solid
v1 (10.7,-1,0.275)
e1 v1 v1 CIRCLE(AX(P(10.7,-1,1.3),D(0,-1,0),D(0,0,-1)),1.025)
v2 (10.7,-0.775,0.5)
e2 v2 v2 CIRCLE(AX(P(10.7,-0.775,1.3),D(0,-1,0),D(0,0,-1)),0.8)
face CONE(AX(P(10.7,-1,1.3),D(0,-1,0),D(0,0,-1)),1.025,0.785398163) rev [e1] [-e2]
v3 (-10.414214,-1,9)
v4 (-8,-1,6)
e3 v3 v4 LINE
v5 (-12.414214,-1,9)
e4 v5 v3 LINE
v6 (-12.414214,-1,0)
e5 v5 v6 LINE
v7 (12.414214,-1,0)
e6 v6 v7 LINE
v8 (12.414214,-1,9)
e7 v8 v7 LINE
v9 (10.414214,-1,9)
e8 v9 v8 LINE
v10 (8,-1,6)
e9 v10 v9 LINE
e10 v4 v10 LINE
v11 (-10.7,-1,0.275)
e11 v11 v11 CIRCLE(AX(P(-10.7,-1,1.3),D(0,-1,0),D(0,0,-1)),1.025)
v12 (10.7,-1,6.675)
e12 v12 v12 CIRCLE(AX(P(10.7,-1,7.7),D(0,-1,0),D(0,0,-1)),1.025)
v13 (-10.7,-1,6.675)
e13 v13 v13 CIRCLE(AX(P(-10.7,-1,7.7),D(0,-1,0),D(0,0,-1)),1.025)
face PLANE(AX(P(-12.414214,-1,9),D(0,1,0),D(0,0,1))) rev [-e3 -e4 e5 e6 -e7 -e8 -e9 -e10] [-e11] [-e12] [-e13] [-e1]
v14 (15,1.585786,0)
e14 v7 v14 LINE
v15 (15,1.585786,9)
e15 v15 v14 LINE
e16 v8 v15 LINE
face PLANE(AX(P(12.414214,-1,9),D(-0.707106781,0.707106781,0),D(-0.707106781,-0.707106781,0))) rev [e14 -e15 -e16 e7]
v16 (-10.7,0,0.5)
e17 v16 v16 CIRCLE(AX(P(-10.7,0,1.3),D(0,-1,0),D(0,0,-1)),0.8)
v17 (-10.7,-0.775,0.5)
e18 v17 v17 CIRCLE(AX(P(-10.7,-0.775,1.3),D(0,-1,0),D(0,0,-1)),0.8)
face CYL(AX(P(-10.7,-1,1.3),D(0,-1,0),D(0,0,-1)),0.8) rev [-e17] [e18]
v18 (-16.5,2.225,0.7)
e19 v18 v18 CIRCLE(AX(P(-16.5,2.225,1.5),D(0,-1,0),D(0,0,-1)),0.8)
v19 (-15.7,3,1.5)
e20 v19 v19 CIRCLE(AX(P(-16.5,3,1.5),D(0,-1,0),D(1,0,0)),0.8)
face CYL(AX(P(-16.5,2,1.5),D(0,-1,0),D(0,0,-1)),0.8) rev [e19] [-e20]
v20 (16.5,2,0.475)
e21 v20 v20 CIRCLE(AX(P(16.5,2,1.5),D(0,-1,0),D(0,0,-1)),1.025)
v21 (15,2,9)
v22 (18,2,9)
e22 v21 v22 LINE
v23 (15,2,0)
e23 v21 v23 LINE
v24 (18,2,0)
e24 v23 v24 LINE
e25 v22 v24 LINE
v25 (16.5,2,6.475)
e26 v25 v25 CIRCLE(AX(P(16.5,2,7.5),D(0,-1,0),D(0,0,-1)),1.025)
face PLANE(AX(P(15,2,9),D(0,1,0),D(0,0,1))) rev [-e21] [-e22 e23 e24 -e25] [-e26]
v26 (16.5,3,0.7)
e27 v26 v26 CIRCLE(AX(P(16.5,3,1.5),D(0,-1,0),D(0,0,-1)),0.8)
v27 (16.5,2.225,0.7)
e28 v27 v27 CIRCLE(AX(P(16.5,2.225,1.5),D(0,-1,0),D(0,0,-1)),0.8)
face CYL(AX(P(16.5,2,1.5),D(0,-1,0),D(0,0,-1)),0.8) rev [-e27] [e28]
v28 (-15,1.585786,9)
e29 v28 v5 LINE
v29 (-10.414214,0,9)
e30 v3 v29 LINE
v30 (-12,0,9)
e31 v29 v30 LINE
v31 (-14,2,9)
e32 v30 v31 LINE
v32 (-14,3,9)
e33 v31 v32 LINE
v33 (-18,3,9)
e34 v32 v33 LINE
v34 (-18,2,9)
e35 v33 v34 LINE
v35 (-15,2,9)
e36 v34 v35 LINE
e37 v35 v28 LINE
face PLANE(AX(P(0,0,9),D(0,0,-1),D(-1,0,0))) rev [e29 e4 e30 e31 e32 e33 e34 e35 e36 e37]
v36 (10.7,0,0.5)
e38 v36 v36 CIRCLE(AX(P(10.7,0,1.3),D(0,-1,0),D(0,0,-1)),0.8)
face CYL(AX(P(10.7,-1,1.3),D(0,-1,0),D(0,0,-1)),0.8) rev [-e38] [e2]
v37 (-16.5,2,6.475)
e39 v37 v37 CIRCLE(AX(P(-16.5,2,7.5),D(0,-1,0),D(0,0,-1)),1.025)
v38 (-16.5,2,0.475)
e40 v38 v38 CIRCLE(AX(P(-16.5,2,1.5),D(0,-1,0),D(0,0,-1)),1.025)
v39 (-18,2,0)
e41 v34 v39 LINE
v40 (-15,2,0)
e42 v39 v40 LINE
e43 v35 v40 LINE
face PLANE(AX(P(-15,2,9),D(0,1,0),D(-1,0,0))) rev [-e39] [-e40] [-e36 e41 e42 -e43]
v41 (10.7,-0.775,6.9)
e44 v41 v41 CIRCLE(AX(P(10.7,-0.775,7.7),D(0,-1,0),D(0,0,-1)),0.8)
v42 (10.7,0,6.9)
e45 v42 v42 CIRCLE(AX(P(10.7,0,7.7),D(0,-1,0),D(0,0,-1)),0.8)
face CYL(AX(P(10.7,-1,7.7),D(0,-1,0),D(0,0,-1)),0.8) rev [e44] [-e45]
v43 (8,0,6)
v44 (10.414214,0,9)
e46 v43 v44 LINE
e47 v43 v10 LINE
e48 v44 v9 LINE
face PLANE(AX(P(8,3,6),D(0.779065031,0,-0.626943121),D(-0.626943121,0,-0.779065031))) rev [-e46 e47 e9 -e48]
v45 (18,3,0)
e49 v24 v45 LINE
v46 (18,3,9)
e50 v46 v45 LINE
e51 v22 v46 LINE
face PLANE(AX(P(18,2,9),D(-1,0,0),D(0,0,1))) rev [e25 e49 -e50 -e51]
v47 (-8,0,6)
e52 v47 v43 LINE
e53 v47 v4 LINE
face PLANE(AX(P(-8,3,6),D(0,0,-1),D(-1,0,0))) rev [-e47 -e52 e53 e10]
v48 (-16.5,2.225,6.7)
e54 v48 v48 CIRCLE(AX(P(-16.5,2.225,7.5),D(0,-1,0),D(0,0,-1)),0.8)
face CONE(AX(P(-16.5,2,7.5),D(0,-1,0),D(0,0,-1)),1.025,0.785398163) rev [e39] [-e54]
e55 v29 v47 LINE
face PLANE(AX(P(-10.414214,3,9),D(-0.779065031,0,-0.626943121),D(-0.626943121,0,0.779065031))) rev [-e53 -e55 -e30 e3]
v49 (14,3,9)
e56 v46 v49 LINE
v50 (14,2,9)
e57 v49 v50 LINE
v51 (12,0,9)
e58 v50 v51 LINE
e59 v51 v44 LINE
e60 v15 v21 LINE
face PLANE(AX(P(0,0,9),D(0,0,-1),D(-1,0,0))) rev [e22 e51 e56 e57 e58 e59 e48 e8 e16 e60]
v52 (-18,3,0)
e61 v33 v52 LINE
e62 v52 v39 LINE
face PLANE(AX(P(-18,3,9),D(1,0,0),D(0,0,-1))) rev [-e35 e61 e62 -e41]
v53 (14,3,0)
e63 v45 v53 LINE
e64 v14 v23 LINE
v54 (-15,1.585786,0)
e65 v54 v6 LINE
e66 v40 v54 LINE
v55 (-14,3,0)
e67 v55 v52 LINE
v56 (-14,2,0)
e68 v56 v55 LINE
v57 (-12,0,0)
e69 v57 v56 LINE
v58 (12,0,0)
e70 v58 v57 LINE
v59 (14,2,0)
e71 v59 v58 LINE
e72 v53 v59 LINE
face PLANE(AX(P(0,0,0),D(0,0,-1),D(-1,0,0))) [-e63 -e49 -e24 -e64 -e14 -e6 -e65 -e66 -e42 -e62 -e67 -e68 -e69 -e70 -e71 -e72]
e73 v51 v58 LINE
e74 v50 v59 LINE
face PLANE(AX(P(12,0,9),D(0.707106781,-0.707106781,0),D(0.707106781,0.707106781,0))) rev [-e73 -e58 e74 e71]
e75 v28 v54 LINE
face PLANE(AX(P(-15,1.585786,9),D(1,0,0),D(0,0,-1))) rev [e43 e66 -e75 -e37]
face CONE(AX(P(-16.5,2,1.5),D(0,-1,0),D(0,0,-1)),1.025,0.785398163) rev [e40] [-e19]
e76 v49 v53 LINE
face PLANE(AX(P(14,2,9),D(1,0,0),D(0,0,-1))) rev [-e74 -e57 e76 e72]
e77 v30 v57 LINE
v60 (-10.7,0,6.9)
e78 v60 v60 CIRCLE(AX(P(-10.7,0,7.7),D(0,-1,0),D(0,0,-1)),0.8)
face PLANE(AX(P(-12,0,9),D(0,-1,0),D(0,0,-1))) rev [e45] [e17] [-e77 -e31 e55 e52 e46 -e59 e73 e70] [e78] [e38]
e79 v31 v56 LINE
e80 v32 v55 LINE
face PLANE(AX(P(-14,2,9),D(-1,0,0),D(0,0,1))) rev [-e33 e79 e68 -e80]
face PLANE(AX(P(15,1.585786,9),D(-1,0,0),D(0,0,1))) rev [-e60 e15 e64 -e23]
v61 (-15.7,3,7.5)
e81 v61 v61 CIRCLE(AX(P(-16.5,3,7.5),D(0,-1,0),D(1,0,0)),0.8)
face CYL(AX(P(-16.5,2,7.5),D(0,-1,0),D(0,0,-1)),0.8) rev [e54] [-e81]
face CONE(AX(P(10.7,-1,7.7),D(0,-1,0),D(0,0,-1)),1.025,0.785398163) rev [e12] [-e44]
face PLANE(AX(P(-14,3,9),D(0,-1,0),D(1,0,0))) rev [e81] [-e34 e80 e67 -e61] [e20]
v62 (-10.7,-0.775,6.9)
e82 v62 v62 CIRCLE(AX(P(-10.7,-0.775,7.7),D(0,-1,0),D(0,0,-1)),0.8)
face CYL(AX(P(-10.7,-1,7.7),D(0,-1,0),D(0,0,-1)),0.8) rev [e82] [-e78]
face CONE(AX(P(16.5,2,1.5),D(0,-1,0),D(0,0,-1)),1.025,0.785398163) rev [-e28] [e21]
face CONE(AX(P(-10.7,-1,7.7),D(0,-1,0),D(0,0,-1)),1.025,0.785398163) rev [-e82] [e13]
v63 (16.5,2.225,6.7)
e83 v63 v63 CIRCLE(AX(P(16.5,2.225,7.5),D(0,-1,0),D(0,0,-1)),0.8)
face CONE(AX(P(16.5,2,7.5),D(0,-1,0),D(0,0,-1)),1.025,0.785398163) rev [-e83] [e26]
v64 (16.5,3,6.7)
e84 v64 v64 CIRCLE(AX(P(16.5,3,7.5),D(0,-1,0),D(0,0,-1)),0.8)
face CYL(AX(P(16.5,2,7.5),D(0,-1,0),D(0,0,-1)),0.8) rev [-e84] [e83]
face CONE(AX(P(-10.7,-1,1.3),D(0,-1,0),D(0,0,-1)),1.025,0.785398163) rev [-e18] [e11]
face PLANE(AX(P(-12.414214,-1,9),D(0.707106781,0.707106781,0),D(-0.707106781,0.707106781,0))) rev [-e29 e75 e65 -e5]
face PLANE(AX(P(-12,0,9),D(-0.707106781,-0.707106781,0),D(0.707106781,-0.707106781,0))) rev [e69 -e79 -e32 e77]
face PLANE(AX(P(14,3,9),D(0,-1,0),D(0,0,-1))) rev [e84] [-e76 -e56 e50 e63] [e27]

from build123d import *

# Parameters (mm, degrees)
EXTRUDE_1_DEPTH             = 9
CUT_EXTRUDE_1_DEPTH         = 21.518284529
HOLE_WIZARD_M2_2_AT_2_COUNT = 2
HOLE_WIZARD_M2_2_AT_2_PITCH = 6
HOLE_WIZARD_M2_2_AT_3_COUNT = 2
HOLE_WIZARD_M2_2_AT_3_PITCH = 33
HOLE_WIZARD_M2_2_AT_4_COUNT = 2
HOLE_WIZARD_M2_2_AT_4_PITCH = 33.541019662
HOLE_WIZARD_M2_3_AT_2_COUNT = 2
HOLE_WIZARD_M2_3_AT_2_PITCH = 6.4
HOLE_WIZARD_M2_3_AT_3_COUNT = 2
HOLE_WIZARD_M2_3_AT_3_PITCH = 22.336517186
HOLE_WIZARD_M2_3_AT_4_COUNT = 2
HOLE_WIZARD_M2_3_AT_4_PITCH = 21.4


with BuildPart() as part:
    # 草图1 → 凸台-拉伸1 (new body)
    with BuildSketch(Plane.XY):
        Polygon((-12, 0), (12, 0), (14, 2), (14, 3), (18, 3), (18, 2), (15, 2), (15, 1.585786438), (12.414213562, -1), (-12.414213562, -1), (-15, 1.585786438), (-15, 2), (-18, 2), (-18, 3), (-14, 3), (-14, 2), align=None)
    extrude(amount=EXTRUDE_1_DEPTH)

    # 草图2 → 切除-拉伸1 (cut, through all)
    with BuildSketch(Plane.XZ.offset(1)):
        Polygon((-10.414213562, 9), (-8, 6), (8, 6), (10.414213562, 9), align=None)
    extrude(amount=-CUT_EXTRUDE_1_DEPTH, mode=Mode.SUBTRACT)

    # 草图7 → M2 螺纹孔2 (revolve, cut)
    with BuildSketch(Plane(origin=(-16.5, 2, 7.5), x_dir=(0, 0, -1), z_dir=(1, 0, 0))):
        Polygon((0, 0), (0, 1), (0.8, 1), (0.8, 0.225), (1.025, 0), align=None)
    hole_wizard_m2_2 = revolve(axis=Axis((-16.5, -4.35, 7.5), (0, 1, 0)), mode=Mode.SUBTRACT)

    # M2 螺纹孔2 at 2: M2 螺纹孔2 ×2
    with Locations(*[(0, 0, -i * HOLE_WIZARD_M2_2_AT_2_PITCH) for i in range(1, HOLE_WIZARD_M2_2_AT_2_COUNT)]):
        add(hole_wizard_m2_2, mode=Mode.SUBTRACT)

    # M2 螺纹孔2 at 3: M2 螺纹孔2 ×2
    with Locations(*[(i * HOLE_WIZARD_M2_2_AT_3_PITCH, 0, 0) for i in range(1, HOLE_WIZARD_M2_2_AT_3_COUNT)]):
        add(hole_wizard_m2_2, mode=Mode.SUBTRACT)

    # M2 螺纹孔2 at 4: M2 螺纹孔2 ×2
    with Locations(*[Vector(0.9838699100999075, 0, -0.17888543819998318) * (i * HOLE_WIZARD_M2_2_AT_4_PITCH) for i in range(1, HOLE_WIZARD_M2_2_AT_4_COUNT)]):
        add(hole_wizard_m2_2, mode=Mode.SUBTRACT)

    # 草图10 → M2 螺纹孔3 (revolve, cut)
    with BuildSketch(Plane(origin=(-10.7, -1, 7.7), x_dir=(0, 0, -1), z_dir=(1, 0, 0))):
        Polygon((0, 0), (0, 1), (0.8, 1), (0.8, 0.225), (1.025, 0), align=None)
    hole_wizard_m2_3 = revolve(axis=Axis((-10.7, -7.35, 7.7), (0, 1, 0)), mode=Mode.SUBTRACT)

    # M2 螺纹孔3 at 2: M2 螺纹孔3 ×2
    with Locations(*[(0, 0, -i * HOLE_WIZARD_M2_3_AT_2_PITCH) for i in range(1, HOLE_WIZARD_M2_3_AT_2_COUNT)]):
        add(hole_wizard_m2_3, mode=Mode.SUBTRACT)

    # M2 螺纹孔3 at 3: M2 螺纹孔3 ×2
    with Locations(*[Vector(0.9580723718836152, 0, -0.28652631682500634) * (i * HOLE_WIZARD_M2_3_AT_3_PITCH) for i in range(1, HOLE_WIZARD_M2_3_AT_3_COUNT)]):
        add(hole_wizard_m2_3, mode=Mode.SUBTRACT)

    # M2 螺纹孔3 at 4: M2 螺纹孔3 ×2
    with Locations(*[(i * HOLE_WIZARD_M2_3_AT_4_PITCH, 0, 0) for i in range(1, HOLE_WIZARD_M2_3_AT_4_COUNT)]):
        add(hole_wizard_m2_3, mode=Mode.SUBTRACT)


solid = part.part
